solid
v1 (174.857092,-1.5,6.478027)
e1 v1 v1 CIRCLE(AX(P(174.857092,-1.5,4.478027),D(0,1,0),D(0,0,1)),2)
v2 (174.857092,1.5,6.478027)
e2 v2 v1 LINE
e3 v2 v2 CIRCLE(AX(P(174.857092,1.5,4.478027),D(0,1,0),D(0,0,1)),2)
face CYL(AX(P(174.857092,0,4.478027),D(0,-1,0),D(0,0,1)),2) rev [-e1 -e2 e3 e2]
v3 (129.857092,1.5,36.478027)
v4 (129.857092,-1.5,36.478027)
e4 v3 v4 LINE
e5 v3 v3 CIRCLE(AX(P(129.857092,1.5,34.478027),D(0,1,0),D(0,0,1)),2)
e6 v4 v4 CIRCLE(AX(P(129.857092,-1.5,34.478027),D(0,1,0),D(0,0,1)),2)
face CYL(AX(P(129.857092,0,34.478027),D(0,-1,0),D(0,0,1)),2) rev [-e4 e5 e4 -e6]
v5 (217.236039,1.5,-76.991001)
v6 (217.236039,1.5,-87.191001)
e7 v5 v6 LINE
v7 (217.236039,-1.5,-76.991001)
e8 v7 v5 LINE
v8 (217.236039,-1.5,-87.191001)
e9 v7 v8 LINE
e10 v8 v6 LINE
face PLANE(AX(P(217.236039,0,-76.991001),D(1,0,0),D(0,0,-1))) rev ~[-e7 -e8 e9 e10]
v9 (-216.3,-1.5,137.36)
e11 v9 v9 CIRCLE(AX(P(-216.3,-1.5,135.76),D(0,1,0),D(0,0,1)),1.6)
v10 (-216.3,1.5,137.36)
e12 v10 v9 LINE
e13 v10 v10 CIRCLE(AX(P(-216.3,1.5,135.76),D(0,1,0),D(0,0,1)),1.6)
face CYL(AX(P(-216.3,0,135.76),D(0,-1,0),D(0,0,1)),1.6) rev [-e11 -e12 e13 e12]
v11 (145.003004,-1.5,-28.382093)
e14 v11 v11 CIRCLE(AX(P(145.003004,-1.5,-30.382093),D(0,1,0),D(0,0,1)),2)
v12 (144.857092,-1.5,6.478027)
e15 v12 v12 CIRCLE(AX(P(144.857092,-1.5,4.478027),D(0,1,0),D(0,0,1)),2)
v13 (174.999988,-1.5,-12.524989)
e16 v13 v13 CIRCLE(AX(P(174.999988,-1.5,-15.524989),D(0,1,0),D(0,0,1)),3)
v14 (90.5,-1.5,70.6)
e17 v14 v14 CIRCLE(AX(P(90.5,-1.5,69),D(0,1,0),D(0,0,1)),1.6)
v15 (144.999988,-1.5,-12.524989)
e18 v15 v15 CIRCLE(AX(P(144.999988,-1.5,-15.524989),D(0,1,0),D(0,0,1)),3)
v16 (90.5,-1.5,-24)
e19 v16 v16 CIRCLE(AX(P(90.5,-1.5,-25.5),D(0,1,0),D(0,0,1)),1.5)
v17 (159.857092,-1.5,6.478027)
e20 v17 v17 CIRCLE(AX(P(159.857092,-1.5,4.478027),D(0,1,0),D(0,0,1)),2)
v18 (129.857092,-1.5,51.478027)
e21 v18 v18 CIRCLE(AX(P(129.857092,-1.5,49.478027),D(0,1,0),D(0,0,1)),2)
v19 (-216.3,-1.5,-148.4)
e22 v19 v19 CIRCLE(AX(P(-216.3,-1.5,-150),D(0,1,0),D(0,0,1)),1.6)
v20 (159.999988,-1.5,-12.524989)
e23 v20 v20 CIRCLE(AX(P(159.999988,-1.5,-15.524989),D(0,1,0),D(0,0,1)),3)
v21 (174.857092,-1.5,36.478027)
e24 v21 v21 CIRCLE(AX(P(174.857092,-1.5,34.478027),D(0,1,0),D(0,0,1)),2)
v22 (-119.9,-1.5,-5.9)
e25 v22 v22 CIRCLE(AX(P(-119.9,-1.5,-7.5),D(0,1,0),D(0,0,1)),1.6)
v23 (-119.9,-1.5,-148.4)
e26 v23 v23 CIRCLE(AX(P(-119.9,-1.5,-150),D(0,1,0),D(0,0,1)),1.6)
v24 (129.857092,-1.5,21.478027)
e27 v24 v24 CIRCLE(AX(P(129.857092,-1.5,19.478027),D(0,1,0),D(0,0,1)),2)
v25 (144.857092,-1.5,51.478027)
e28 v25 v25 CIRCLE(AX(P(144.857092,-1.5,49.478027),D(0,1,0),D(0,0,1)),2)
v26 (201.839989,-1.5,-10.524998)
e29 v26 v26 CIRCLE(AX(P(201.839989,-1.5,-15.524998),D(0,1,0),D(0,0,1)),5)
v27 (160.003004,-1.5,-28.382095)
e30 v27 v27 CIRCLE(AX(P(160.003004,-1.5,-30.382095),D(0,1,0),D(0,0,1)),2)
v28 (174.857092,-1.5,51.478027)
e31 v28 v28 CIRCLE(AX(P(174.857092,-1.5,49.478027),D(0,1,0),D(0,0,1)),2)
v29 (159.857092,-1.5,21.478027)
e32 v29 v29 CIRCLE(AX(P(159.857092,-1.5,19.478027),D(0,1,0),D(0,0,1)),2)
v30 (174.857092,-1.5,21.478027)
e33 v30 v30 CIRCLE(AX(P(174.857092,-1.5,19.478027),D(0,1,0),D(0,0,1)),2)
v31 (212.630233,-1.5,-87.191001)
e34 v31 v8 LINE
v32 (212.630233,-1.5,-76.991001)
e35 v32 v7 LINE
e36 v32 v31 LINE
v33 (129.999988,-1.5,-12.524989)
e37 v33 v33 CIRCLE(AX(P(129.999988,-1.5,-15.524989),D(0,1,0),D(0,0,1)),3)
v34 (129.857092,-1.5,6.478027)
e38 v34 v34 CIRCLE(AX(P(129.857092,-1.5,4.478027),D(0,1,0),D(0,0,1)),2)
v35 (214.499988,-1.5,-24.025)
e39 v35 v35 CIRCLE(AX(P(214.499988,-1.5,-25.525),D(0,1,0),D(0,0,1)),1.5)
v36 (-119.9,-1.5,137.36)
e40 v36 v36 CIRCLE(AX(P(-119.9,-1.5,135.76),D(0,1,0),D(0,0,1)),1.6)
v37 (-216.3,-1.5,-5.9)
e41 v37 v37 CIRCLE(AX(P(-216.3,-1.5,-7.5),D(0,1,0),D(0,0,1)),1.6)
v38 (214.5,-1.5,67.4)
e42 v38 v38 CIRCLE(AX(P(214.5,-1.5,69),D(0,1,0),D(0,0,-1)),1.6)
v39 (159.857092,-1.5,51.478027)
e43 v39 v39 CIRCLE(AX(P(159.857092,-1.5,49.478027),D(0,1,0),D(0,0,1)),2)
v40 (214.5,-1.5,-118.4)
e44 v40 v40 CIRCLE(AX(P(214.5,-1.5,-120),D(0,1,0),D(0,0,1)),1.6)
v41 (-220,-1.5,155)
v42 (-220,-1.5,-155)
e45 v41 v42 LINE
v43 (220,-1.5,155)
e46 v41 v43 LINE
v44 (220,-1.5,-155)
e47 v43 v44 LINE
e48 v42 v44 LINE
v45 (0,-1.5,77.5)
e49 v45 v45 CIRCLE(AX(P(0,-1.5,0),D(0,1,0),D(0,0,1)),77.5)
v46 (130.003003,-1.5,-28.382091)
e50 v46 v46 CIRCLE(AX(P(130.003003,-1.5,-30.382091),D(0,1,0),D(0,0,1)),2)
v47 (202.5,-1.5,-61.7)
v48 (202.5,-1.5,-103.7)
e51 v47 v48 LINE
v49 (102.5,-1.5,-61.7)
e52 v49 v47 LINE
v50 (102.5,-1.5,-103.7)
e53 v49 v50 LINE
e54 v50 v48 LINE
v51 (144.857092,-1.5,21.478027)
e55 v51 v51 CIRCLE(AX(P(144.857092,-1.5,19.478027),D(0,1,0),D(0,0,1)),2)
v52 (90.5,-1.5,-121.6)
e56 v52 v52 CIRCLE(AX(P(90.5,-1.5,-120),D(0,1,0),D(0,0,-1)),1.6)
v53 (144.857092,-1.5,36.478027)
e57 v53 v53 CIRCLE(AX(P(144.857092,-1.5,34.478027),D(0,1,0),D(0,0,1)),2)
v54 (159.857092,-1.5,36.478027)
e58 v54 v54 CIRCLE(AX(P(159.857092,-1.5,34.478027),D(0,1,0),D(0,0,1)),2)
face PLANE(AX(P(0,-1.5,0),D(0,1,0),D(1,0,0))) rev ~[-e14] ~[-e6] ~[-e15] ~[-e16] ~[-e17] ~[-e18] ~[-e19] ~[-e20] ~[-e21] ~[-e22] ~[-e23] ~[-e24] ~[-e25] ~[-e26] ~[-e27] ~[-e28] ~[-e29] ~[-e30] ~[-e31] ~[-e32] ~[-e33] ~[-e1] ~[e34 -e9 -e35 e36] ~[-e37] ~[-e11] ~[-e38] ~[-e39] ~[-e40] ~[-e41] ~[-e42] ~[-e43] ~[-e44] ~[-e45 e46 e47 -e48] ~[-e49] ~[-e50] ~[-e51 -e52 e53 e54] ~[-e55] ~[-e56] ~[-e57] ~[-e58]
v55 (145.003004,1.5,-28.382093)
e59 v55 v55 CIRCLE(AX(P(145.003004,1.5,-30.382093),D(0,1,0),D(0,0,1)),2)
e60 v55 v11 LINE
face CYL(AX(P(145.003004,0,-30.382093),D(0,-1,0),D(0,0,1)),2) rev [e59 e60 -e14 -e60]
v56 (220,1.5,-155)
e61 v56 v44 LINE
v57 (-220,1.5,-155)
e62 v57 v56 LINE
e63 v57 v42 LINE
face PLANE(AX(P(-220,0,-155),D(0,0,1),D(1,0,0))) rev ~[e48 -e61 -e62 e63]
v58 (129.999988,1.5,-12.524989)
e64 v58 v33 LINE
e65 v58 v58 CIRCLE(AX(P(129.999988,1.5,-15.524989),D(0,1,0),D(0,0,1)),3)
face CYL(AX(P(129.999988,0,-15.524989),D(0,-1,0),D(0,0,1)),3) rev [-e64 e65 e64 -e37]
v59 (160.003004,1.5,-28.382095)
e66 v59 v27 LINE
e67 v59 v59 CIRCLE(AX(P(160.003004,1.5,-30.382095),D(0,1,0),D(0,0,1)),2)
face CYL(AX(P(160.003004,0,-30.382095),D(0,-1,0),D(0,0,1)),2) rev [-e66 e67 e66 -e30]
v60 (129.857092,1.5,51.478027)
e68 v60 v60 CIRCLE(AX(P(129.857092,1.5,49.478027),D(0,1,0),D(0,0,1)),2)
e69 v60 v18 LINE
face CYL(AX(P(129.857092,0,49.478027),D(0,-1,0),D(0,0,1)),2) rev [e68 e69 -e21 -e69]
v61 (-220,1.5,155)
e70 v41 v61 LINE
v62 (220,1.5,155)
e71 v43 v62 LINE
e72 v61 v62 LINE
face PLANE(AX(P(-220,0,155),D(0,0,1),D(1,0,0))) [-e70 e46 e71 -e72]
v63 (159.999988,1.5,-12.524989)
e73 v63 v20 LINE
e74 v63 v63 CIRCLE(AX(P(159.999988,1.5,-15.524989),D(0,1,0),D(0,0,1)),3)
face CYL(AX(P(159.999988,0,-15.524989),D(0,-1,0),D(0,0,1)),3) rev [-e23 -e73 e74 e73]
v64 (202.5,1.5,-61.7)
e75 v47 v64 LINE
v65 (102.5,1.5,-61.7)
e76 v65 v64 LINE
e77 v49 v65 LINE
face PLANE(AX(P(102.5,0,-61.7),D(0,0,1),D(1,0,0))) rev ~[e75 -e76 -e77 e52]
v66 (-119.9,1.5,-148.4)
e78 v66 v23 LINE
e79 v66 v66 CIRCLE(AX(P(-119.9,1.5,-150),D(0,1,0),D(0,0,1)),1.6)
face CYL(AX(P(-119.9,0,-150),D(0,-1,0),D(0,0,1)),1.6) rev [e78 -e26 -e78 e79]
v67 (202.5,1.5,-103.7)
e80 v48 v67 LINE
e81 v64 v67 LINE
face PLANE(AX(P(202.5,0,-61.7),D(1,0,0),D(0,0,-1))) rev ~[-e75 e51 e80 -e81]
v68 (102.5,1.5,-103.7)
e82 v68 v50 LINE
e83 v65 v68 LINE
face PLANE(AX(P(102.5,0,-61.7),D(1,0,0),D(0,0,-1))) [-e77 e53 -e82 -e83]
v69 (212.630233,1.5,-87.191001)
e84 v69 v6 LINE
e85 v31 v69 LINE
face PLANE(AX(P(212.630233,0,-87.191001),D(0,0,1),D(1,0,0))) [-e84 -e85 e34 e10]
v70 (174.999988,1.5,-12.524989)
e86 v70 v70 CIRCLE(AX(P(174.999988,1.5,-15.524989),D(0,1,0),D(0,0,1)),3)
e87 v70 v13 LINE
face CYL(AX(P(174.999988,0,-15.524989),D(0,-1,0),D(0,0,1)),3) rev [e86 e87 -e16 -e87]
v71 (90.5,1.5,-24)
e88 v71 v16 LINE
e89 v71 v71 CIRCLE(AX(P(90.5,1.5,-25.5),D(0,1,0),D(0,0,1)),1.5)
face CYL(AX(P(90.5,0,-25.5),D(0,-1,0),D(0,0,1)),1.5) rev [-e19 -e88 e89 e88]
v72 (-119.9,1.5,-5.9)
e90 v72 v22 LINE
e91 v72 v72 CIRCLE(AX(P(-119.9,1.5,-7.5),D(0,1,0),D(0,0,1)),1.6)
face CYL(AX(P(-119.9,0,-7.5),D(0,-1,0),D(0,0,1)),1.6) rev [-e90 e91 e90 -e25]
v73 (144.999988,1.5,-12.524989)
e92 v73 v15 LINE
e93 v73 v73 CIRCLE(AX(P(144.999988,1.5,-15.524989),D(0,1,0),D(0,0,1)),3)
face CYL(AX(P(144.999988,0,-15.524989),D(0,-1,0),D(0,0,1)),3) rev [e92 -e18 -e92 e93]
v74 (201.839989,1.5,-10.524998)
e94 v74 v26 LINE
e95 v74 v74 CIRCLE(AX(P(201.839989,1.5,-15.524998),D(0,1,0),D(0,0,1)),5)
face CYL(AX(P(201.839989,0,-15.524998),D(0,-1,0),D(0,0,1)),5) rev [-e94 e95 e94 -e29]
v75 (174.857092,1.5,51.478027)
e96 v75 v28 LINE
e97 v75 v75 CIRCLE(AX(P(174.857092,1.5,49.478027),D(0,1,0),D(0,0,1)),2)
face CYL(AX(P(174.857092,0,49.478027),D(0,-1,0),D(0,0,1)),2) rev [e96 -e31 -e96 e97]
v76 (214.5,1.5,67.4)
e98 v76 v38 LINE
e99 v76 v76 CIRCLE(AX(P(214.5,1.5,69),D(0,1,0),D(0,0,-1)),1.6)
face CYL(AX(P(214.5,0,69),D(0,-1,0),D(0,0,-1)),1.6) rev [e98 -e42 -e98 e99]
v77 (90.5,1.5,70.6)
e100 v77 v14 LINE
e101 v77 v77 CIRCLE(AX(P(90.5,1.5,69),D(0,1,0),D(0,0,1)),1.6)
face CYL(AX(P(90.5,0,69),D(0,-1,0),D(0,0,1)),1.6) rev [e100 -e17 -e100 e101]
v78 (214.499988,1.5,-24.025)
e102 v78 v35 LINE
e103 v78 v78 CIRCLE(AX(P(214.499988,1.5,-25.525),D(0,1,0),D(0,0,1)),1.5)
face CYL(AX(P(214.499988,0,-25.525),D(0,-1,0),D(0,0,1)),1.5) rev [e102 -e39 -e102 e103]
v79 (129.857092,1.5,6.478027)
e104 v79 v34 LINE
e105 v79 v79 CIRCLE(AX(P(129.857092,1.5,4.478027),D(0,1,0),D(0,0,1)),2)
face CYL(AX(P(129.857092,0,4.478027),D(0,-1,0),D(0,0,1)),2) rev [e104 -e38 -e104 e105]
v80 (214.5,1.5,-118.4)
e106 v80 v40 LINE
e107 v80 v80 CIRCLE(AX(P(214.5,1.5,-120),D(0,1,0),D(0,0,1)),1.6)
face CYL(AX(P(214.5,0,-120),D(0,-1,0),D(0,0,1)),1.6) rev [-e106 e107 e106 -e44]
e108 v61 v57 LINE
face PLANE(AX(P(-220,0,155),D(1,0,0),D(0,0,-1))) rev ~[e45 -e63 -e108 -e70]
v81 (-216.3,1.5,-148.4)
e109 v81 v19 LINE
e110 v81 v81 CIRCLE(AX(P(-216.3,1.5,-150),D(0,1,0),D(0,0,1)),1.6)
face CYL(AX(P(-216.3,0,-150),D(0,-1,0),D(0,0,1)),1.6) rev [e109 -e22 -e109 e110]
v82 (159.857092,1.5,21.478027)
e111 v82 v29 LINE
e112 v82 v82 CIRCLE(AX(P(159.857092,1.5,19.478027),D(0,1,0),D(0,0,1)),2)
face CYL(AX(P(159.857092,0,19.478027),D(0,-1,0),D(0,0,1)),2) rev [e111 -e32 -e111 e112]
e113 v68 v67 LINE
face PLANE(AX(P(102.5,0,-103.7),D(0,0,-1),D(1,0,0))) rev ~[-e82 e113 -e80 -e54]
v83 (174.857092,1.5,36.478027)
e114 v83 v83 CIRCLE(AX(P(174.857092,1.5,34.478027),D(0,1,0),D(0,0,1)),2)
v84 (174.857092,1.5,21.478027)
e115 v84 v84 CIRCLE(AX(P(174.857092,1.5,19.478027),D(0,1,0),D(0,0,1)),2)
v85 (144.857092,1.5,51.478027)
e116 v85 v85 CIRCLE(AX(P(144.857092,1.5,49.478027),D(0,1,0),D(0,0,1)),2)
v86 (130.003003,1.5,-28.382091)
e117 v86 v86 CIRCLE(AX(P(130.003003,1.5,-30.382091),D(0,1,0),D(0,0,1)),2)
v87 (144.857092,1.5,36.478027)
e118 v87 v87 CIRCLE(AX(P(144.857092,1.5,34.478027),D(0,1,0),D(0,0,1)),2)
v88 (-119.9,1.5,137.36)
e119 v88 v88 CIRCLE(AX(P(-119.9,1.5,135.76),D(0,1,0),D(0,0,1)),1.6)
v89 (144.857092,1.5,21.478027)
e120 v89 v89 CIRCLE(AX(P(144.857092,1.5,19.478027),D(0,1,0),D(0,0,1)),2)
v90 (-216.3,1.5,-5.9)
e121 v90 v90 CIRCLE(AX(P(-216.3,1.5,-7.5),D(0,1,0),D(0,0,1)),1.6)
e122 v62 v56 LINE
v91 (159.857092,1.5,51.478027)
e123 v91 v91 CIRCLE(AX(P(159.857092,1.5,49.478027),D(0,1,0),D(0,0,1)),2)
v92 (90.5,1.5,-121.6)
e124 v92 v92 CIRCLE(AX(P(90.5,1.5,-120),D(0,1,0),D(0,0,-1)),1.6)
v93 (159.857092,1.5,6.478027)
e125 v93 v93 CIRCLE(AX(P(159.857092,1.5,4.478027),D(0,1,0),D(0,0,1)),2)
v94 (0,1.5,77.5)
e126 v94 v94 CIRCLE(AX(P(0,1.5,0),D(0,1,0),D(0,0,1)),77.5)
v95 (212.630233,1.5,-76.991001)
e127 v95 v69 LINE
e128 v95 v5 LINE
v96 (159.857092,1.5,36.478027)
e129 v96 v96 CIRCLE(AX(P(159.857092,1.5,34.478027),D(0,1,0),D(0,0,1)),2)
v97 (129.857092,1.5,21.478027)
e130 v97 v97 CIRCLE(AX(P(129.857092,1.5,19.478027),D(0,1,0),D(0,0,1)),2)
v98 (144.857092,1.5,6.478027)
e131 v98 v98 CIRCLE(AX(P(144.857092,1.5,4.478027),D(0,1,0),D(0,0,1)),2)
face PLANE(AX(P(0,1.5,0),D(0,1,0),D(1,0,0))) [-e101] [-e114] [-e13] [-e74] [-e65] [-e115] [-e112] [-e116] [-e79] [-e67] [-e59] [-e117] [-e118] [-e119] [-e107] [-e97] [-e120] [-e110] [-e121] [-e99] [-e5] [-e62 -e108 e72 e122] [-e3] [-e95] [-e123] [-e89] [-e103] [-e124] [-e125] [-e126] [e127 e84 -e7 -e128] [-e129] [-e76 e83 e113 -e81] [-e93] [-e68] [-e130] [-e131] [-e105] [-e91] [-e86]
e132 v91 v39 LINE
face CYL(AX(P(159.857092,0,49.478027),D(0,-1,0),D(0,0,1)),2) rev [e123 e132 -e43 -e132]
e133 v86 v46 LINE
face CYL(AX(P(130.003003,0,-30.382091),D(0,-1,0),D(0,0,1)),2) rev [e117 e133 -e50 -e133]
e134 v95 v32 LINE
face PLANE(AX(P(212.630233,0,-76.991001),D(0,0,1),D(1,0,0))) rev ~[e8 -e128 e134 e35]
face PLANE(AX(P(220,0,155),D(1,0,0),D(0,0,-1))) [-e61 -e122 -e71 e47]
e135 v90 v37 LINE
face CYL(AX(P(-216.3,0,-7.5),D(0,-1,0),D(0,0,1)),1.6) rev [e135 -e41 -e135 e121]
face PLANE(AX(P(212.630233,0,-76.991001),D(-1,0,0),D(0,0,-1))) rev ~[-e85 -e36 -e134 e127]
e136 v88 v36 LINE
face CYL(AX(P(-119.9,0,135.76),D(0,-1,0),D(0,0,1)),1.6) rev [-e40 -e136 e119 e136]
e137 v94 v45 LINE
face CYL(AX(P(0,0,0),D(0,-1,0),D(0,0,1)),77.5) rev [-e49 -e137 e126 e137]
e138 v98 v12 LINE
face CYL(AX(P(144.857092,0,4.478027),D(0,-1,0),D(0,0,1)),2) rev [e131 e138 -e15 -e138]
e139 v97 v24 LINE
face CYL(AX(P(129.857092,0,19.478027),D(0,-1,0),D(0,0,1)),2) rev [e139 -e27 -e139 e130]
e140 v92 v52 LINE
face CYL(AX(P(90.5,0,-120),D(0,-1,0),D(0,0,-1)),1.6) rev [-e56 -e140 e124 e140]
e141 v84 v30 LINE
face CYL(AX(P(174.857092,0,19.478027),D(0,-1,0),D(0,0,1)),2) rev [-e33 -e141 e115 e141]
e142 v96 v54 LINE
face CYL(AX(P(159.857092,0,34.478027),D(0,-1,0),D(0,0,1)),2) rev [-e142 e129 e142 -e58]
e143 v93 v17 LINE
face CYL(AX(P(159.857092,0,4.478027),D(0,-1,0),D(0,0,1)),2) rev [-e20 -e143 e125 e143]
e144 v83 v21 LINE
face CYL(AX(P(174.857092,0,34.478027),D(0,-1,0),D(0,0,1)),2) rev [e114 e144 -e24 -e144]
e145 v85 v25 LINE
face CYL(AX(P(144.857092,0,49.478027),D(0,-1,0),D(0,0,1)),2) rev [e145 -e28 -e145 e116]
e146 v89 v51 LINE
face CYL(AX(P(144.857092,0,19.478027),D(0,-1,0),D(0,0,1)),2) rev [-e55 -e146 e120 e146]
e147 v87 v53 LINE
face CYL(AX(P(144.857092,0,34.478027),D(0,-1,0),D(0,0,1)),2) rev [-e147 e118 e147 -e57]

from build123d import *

# Parameters (mm, degrees)
SKETCH1_W           = 440
SKETCH1_H           = 310
SKETCH1_R           = 77.5
SKETCH1_R_2         = 1.6
SKETCH1_R_3         = 2
SKETCH1_R_4         = 3
SKETCH1_R_5         = 5
SKETCH1_R_6         = 1.5
SKETCH1_W_2         = 100
SKETCH1_H_2         = 42
SKETCH1_W_3         = 4.605805555
SKETCH1_H_3         = 10.199999311
BOSS_EXTRUDE1_DEPTH = 1.5


with BuildPart() as part:
    # Sketch1 → Boss-Extrude1 (new, symmetric)
    with BuildSketch(Plane(origin=(0, 0, 0), x_dir=(1, 0, 0), z_dir=(0, 1, 0))):
        Rectangle(SKETCH1_W, SKETCH1_H)
        with Locations(Location((0, 0, 0), (0, 0, 270))):
            Circle(SKETCH1_R, mode=Mode.SUBTRACT)
        with Locations(Location((-216.3, 150, 0), (0, 0, 270))):
            Circle(SKETCH1_R_2, mode=Mode.SUBTRACT)
        with Locations(Location((-119.9, 150, 0), (0, 0, 270))):
            Circle(SKETCH1_R_2, mode=Mode.SUBTRACT)
        with Locations(Location((-216.3, 7.5, 0), (0, 0, 270))):
            Circle(SKETCH1_R_2, mode=Mode.SUBTRACT)
        with Locations(Location((-119.9, 7.5, 0), (0, 0, 270))):
            Circle(SKETCH1_R_2, mode=Mode.SUBTRACT)
        with Locations(Location((-216.3, -135.76, 0), (0, 0, 270))):
            Circle(SKETCH1_R_2, mode=Mode.SUBTRACT)
        with Locations(Location((-119.9, -135.76, 0), (0, 0, 270))):
            Circle(SKETCH1_R_2, mode=Mode.SUBTRACT)
        with Locations(Location((214.5, 120, 0), (0, 0, 270))):
            Circle(SKETCH1_R_2, mode=Mode.SUBTRACT)
        with Locations(Location((90.5, 120, 0), (0, 0, 90))):
            Circle(SKETCH1_R_2, mode=Mode.SUBTRACT)
        with Locations(Location((214.5, -69, 0), (0, 0, 90))):
            Circle(SKETCH1_R_2, mode=Mode.SUBTRACT)
        with Locations(Location((90.5, -69, 0), (0, 0, 270))):
            Circle(SKETCH1_R_2, mode=Mode.SUBTRACT)
        with Locations(Location((130.003003206, 30.382091313, 0), (0, 0, 270))):
            Circle(SKETCH1_R_3, mode=Mode.SUBTRACT)
        with Locations(Location((145.003003686, 30.382093295, 0), (0, 0, 270))):
            Circle(SKETCH1_R_3, mode=Mode.SUBTRACT)
        with Locations(Location((160.003004166, 30.382095278, 0), (0, 0, 270))):
            Circle(SKETCH1_R_3, mode=Mode.SUBTRACT)
        with Locations(Location((129.999987649, 15.524988692, 0), (0, 0, 270))):
            Circle(SKETCH1_R_4, mode=Mode.SUBTRACT)
        with Locations(Location((144.999987649, 15.524988692, 0), (0, 0, 270))):
            Circle(SKETCH1_R_4, mode=Mode.SUBTRACT)
        with Locations(Location((159.999987649, 15.524988692, 0), (0, 0, 270))):
            Circle(SKETCH1_R_4, mode=Mode.SUBTRACT)
        with Locations(Location((174.999987649, 15.524988692, 0), (0, 0, 270))):
            Circle(SKETCH1_R_4, mode=Mode.SUBTRACT)
        with Locations(Location((201.839988749, 15.524998187, 0), (0, 0, 270))):
            Circle(SKETCH1_R_5, mode=Mode.SUBTRACT)
        with Locations(Location((214.499987508, 25.52500018, 0), (0, 0, 270))):
            Circle(SKETCH1_R_6, mode=Mode.SUBTRACT)
        with Locations(Location((90.5, 25.5, 0), (0, 0, 270))):
            Circle(SKETCH1_R_6, mode=Mode.SUBTRACT)
        with Locations(Location((129.857092433, -4.478026946, 0), (0, 0, 270))):
            Circle(SKETCH1_R_3, mode=Mode.SUBTRACT)
        with Locations(Location((144.857092433, -4.478026946, 0), (0, 0, 270))):
            Circle(SKETCH1_R_3, mode=Mode.SUBTRACT)
        with Locations(Location((159.857092433, -4.478026946, 0), (0, 0, 270))):
            Circle(SKETCH1_R_3, mode=Mode.SUBTRACT)
        with Locations(Location((174.857092433, -4.478026946, 0), (0, 0, 270))):
            Circle(SKETCH1_R_3, mode=Mode.SUBTRACT)
        with Locations(Location((144.857092433, -19.478026946, 0), (0, 0, 270))):
            Circle(SKETCH1_R_3, mode=Mode.SUBTRACT)
        with Locations(Location((159.857092433, -19.478026946, 0), (0, 0, 270))):
            Circle(SKETCH1_R_3, mode=Mode.SUBTRACT)
        with Locations(Location((174.857092433, -19.478026946, 0), (0, 0, 270))):
            Circle(SKETCH1_R_3, mode=Mode.SUBTRACT)
        with Locations(Location((144.857092433, -34.478026946, 0), (0, 0, 270))):
            Circle(SKETCH1_R_3, mode=Mode.SUBTRACT)
        with Locations(Location((159.857092433, -34.478026946, 0), (0, 0, 270))):
            Circle(SKETCH1_R_3, mode=Mode.SUBTRACT)
        with Locations(Location((174.857092433, -34.478026946, 0), (0, 0, 270))):
            Circle(SKETCH1_R_3, mode=Mode.SUBTRACT)
        with Locations(Location((144.857092433, -49.478026946, 0), (0, 0, 270))):
            Circle(SKETCH1_R_3, mode=Mode.SUBTRACT)
        with Locations(Location((159.857092433, -49.478026946, 0), (0, 0, 270))):
            Circle(SKETCH1_R_3, mode=Mode.SUBTRACT)
        with Locations(Location((174.857092433, -49.478026946, 0), (0, 0, 270))):
            Circle(SKETCH1_R_3, mode=Mode.SUBTRACT)
        with Locations(Location((129.857092433, -19.478026946, 0), (0, 0, 270))):
            Circle(SKETCH1_R_3, mode=Mode.SUBTRACT)
        with Locations(Location((129.857092433, -34.478026946, 0), (0, 0, 270))):
            Circle(SKETCH1_R_3, mode=Mode.SUBTRACT)
        with Locations(Location((129.857092433, -49.478026946, 0), (0, 0, 270))):
            Circle(SKETCH1_R_3, mode=Mode.SUBTRACT)
        with Locations((152.5, 82.7)):
            Rectangle(SKETCH1_W_2, SKETCH1_H_2, mode=Mode.SUBTRACT)
        with Locations((214.933136209, 82.091000898)):
            Rectangle(SKETCH1_W_3, SKETCH1_H_3, mode=Mode.SUBTRACT)
    extrude(amount=BOSS_EXTRUDE1_DEPTH, both=True)


solid = part.part
